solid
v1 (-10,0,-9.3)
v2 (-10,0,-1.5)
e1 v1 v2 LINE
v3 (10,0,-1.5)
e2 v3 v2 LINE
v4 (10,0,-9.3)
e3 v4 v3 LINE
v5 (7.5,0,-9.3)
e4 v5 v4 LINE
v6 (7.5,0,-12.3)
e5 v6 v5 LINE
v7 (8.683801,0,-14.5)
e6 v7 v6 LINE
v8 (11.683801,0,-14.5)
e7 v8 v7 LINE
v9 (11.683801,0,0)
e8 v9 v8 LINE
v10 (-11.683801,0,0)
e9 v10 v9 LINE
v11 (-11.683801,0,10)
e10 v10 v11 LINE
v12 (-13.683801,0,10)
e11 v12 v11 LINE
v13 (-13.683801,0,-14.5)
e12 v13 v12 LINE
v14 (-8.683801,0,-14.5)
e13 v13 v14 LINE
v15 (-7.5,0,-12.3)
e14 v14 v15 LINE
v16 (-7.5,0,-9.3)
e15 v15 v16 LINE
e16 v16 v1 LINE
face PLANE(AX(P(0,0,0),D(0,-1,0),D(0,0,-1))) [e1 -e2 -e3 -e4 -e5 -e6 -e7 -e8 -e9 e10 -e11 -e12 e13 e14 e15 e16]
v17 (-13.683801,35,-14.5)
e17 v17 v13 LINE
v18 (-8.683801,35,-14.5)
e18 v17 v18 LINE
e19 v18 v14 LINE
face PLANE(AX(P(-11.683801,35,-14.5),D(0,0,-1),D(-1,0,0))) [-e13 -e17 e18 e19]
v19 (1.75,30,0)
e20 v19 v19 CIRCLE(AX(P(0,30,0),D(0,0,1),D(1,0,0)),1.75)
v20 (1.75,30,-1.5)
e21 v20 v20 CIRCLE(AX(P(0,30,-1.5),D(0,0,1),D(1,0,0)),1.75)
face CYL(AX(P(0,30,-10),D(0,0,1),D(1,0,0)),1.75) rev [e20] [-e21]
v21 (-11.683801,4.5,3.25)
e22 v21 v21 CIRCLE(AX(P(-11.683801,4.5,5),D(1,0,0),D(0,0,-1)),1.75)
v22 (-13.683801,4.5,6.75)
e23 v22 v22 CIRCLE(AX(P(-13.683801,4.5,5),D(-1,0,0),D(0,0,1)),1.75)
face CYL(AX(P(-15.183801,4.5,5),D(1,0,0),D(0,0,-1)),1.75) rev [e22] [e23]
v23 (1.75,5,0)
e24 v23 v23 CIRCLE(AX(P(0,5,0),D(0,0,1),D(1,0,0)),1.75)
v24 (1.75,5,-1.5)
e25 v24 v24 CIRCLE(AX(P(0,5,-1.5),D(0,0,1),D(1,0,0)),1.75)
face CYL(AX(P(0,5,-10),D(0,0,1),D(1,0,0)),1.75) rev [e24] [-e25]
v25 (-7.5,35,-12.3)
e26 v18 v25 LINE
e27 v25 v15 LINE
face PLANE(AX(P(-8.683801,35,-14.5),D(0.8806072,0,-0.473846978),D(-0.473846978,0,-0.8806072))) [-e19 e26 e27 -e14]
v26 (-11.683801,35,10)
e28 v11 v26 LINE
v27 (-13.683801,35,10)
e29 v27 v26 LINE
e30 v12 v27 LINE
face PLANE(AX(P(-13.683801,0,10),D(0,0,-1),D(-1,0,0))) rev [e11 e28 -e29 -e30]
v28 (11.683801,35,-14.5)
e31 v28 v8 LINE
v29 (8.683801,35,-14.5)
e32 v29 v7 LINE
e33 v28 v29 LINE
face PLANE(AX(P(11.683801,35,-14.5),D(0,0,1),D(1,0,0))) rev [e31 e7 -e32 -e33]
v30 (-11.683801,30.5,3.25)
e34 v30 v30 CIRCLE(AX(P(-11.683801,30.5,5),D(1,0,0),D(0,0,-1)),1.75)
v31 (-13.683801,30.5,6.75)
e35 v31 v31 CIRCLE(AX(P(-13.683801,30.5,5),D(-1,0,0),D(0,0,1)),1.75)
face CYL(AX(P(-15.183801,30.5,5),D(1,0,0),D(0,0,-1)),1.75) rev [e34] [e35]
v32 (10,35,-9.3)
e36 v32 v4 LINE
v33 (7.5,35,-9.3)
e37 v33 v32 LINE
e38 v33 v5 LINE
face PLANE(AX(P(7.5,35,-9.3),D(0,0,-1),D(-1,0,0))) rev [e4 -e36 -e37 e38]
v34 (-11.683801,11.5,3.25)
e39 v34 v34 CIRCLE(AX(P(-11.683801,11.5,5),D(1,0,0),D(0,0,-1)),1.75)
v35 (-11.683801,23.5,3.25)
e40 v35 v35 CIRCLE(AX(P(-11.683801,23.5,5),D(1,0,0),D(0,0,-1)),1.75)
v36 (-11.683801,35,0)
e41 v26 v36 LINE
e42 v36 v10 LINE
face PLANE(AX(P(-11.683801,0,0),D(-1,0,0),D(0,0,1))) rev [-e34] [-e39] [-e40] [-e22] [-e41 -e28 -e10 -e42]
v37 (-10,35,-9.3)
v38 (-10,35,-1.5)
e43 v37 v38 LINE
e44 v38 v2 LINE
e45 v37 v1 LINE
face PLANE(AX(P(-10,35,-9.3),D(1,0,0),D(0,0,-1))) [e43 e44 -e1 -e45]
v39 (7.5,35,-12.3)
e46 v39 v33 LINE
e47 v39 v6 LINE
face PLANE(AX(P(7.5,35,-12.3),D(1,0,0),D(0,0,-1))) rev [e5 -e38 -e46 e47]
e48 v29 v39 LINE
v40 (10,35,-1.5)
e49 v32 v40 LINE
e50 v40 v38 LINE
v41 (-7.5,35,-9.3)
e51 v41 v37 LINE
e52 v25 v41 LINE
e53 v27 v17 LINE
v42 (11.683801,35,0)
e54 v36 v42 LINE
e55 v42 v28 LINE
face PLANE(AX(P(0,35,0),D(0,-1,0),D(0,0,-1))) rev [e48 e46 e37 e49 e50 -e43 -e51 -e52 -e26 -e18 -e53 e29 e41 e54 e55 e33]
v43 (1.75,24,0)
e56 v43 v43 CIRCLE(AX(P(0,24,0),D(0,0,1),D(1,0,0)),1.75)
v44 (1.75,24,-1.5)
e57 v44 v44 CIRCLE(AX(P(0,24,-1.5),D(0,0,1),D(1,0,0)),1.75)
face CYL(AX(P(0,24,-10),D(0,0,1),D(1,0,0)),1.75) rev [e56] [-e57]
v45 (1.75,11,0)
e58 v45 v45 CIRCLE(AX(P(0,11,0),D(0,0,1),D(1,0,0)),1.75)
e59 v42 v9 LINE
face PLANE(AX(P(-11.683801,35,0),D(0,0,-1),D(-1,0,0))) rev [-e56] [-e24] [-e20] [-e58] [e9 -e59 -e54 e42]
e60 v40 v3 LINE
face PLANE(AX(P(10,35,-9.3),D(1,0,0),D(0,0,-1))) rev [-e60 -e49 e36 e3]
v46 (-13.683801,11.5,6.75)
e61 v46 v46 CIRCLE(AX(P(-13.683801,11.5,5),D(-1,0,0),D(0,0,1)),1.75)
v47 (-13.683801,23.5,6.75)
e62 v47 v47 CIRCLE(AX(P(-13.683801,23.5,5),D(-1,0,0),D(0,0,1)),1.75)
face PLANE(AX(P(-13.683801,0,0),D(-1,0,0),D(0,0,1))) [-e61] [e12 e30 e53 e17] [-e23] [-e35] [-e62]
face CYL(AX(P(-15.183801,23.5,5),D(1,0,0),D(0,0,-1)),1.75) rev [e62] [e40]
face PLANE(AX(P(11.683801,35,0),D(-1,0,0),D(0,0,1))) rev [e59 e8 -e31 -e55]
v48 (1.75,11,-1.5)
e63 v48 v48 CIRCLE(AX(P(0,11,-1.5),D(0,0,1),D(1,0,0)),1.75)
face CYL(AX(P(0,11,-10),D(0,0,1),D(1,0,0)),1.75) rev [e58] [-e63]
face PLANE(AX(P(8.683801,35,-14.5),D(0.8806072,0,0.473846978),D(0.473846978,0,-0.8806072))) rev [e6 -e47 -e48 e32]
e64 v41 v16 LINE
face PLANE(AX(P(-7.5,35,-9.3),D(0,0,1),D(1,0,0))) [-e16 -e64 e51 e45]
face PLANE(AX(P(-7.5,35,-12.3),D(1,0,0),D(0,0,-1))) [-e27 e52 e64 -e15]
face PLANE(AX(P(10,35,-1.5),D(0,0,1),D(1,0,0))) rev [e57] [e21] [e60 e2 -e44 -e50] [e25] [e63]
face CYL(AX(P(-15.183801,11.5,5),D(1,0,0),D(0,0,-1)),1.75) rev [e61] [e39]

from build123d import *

# Parameters (mm, degrees)
BOSS_EXTRUDE1_DEPTH = 35
SKETCH2_R           = 1.75
CUT_EXTRUDE1_DEPTH  = 10
MOUNTING_WING_DEPTH = 2
SKETCH5_R           = 1.75
CUT_EXTRUDE2_DEPTH  = 3.5


with BuildPart() as part:
    # Sketch1 → Boss-Extrude1 (new body)
    with BuildSketch(Plane(origin=(0, 0, 0), x_dir=(1, 0, 0), z_dir=(0, 1, 0))):
        Polygon((-11.683800623, 0), (11.683800623, 0), (11.683800623, 14.5), (8.683800623, 14.5), (7.5, 12.3), (7.5, 9.3), (10, 9.3), (10, 1.5), (-10, 1.5), (-10, 9.3), (-7.5, 9.3), (-7.5, 12.3), (-8.683800623, 14.5), (-11.683800623, 14.5), align=None)
    extrude(amount=BOSS_EXTRUDE1_DEPTH)

    # Sketch2 → Cut-Extrude1 (cut)
    with BuildSketch(Plane.XY):
        with Locations((0, 5)):
            Circle(SKETCH2_R)
        with Locations((0, 24)):
            Circle(SKETCH2_R)
        with Locations((0, 11)):
            Circle(SKETCH2_R)
        with Locations((0, 30)):
            Circle(SKETCH2_R)
    extrude(amount=-CUT_EXTRUDE1_DEPTH, mode=Mode.SUBTRACT)

    # Optical Mount → Mounting Wing (add)
    with BuildSketch(Plane.ZY.offset(11.683800623)):
        Polygon((0, 0), (10, 0), (10, 35), (0, 35), (-14.5, 35), (-14.5, 0), align=None)
    extrude(amount=MOUNTING_WING_DEPTH)

    # Sketch5 → Cut-Extrude2 (cut)
    with BuildSketch(Plane(origin=(-11.683800623, 0, 0), x_dir=(0, 0, -1), z_dir=(1, 0, 0))):
        with Locations((-5, 4.5)):
            Circle(SKETCH5_R)
        with Locations((-5, 11.5)):
            Circle(SKETCH5_R)
        with Locations((-5, 23.5)):
            Circle(SKETCH5_R)
        with Locations((-5, 30.5)):
            Circle(SKETCH5_R)
    extrude(amount=-CUT_EXTRUDE2_DEPTH, mode=Mode.SUBTRACT)


solid = part.part
